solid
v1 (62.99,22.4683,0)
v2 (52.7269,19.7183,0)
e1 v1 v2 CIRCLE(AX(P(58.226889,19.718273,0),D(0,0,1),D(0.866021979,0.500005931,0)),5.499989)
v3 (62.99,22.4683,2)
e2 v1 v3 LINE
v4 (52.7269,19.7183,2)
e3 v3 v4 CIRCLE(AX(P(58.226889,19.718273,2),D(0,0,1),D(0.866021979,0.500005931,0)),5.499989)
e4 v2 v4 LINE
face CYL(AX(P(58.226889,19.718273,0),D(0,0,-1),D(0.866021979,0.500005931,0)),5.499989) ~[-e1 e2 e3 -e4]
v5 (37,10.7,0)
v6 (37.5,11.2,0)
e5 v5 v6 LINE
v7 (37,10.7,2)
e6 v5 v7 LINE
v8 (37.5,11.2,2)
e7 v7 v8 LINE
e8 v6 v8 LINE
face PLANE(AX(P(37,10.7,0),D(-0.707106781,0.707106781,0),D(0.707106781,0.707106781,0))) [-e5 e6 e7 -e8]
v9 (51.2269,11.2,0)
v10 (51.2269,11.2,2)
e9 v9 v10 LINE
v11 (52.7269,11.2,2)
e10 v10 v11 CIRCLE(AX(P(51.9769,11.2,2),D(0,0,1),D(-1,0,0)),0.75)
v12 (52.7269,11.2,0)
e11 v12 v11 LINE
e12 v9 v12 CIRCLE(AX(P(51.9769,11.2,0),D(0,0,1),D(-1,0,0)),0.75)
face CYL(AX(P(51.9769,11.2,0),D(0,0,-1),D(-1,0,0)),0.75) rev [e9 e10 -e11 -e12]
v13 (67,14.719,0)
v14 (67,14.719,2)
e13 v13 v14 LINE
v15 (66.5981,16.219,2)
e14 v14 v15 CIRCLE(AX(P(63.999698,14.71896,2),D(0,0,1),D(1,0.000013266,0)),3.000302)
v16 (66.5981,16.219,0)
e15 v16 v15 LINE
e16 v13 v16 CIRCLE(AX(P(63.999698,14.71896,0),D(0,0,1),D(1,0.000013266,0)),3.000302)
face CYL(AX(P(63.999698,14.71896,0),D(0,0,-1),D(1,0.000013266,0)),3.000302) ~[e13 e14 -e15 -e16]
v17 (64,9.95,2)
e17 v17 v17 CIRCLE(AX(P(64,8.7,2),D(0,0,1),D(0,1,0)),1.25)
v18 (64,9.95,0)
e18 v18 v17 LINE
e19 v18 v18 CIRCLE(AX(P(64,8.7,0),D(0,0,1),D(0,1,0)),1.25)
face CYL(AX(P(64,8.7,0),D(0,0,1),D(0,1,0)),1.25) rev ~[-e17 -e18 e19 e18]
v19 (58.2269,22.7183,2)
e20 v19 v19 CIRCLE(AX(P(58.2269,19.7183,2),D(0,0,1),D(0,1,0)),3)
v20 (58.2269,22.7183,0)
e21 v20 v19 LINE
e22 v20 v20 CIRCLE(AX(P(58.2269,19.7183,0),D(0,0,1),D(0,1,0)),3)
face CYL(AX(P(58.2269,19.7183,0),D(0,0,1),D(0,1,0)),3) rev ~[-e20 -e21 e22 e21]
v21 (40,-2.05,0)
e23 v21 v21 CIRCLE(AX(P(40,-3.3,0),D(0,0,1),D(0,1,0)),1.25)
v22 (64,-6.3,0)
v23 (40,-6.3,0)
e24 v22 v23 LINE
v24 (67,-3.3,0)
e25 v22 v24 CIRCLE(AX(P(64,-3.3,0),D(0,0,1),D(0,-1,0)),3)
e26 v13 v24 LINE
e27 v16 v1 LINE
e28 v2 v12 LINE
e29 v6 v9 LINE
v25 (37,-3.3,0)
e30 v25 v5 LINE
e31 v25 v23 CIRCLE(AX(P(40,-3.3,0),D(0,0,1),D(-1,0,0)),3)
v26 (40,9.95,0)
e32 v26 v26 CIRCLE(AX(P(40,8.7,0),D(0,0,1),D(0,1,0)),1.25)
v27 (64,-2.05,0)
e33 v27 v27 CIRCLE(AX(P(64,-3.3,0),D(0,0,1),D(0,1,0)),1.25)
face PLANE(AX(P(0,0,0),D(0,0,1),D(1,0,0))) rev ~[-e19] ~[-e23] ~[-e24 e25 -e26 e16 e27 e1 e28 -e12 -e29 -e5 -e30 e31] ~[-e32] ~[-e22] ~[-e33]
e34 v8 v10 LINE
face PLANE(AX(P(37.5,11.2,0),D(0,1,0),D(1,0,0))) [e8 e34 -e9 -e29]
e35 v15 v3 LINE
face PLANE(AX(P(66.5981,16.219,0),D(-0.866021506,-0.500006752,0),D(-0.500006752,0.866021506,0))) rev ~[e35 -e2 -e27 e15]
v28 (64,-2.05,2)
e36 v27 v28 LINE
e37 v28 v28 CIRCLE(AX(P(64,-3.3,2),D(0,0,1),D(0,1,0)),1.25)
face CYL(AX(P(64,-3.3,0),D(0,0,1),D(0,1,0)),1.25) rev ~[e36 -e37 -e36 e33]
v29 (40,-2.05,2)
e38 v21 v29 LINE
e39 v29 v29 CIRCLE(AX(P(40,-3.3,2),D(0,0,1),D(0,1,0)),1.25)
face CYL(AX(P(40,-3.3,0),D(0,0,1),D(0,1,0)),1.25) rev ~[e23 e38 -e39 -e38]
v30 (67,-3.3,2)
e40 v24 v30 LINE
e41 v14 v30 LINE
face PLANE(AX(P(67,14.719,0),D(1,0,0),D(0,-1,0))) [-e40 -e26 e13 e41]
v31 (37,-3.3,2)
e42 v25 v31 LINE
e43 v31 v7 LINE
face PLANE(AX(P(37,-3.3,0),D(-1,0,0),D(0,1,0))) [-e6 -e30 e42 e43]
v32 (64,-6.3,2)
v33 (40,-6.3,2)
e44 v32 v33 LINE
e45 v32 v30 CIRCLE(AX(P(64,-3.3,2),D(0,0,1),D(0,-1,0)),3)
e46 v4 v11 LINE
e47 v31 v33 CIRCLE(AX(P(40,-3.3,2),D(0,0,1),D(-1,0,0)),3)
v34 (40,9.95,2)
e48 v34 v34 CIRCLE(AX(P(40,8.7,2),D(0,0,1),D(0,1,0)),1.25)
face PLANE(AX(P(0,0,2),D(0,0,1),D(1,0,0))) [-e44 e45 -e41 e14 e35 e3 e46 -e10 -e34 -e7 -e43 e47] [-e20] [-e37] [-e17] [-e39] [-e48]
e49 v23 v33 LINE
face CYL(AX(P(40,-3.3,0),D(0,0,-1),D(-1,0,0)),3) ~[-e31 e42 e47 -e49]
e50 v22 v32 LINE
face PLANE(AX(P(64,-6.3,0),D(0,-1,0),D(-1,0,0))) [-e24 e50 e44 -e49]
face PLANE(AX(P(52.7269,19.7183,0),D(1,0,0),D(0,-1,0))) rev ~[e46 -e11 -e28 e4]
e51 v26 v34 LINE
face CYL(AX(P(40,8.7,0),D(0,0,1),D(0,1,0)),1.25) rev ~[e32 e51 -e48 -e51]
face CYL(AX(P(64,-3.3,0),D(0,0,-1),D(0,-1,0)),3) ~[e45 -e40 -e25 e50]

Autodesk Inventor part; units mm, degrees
ref_plane "YZ Plane" through (0, 0, 0) normal (1, 0, 0) x (0, 1, 0)
ref_plane "XZ Plane" through (0, 0, 0) normal (0, 1, 0) x (-1, 0, 0)
ref_plane "XY Plane" through (0, 0, 0) normal (0, 0, 1) x (1, 0, 0)
sketch "スケッチ1" plane through (0, 0, 0) normal (0, 0, 1) x (1, 0, 0)
  line L0 (54.882, 0) -> (12, 60) construction
  line L1 (54.882, 0) -> (70, -21.1529)
  line L2 (70, -21.1529) -> (35, -33.1249)
  line L3 (0, 0) -> (0, 100.7114)
  line L4 (0, 0) -> (54.882, 0) construction
  arc A0 (24.927, 26.5822) -> (24.2651, 18.1082) centre (58.2269, 19.7183) ccw construction
  arc A1 (17.0917, 28.1972) -> (16.274, 17.7294) centre (58.2269, 19.7183) ccw construction
  arc A2 (16.274, 17.7294) -> (24.2651, 18.1082) centre (20.2695, 17.9188) ccw construction
  line L5 (20.2695, 17.9188) -> (58.2269, 19.7183) construction
  line L6 (58.2269, 19.7183) -> (20.6135, 25.1248)
  arc A3 (20.6135, 25.1248) -> (20.2695, 17.9188) centre (58.2269, 19.7183) ccw construction
  line L7 (20.2695, 17.9188) -> (68.8874, -17.2423) construction
  line L8 (68.8874, -17.2423) -> (71.9395, 19.6224) construction
  line L9 (20.6135, 25.1248) -> (35, -33.1249)
  line L10 (20.6135, 25.1248) -> (12, 60) construction
  line L11 (20.6135, 25.1248) -> (54.882, 0) construction
  arc A4 (57.1481, -25.9011) -> (71.9395, 19.6224) centre (54.882, 0) ccw
  line L12 (35, -33.1249) -> (70, -33.1249) construction
  line L13 (70, -33.1249) -> (70, -21.1529) construction
  line L14 (27.4112, -33.1249) -> (45, -293.1249) construction
  line L15 (54.882, 0) -> (53.4072, -2.6124)
  line L16 (54.882, 0) -> (52.2839, -1.5) construction
  arc A5 (52.2839, -1.5) -> (57.7658, -0.8269) centre (54.882, 0) ccw construction
  line L17 (54.882, 0) -> (52.8265, -2.1851) construction
  line L18 (54.882, 0) -> (53.5434, -2.6848) construction
  line L19 (54.882, 0) -> (54.374, -2.9567) construction
  line L20 (54.882, 0) -> (55.2476, -2.9776) construction
  line L21 (54.882, 0) -> (56.0902, -2.7459) construction
  line L22 (54.882, 0) -> (56.8303, -2.2812) construction
  line L23 (54.882, 0) -> (57.4051, -1.6229) construction
  line L24 (54.882, 0) -> (57.7658, -0.8269) construction
  line L25 (58.2269, 19.7183) -> (53.4072, -2.6124)
  line L26 (52.2839, -1.5) -> (58.2269, 19.7183) construction
  line L27 (58.2269, 19.7183) -> (57.7658, -0.8269) construction
  line L28 (55.5792, -7.9696) -> (57.1481, -25.9011) construction
  line L29 (57.8465, -7.4305) -> (64.5165, -24.149) construction
  line L30 (59.8621, -6.2609) -> (71.0674, -20.3478) construction
  line L31 (61.4552, -4.56) -> (76.2448, -14.8199) construction
  line L32 (62.4905, -2.4721) -> (79.6095, -8.0344) construction
  line L33 (62.8801, -0.1745) -> (80.8758, -0.5672) construction
  line L34 (62.591, 2.1379) -> (79.9364, 6.9482) construction
  line L35 (61.6478, 4.2689) -> (76.8709, 13.874) construction
  line L36 (60.1305, 6.0377) -> (71.9395, 19.6224) construction
  arc A6 (55.5792, -7.9696) -> (60.1305, 6.0377) centre (54.882, 0) ccw construction
  line L37 (21.0093, 27.3897) -> (58.2269, 19.7183) construction
  arc A7 (21.0093, 27.3897) -> (20.6135, 25.1248) centre (58.2269, 19.7183) ccw construction
  arc A8 (24.927, 26.5822) -> (17.0917, 28.1972) centre (21.0093, 27.3897) ccw construction
  line L38 (52.8265, -2.1851) -> (58.2269, 19.7183) construction
  line L39 (58.2269, 19.7183) -> (20.7871, 26.2192) construction
  line L40 (20.5792, 24.8807) -> (58.2269, 19.7183) construction
  line L41 (53.5434, -2.6848) -> (58.2269, 19.7183) construction
  line L42 (21.0093, 27.3897) -> (20.7706, -32.6098) construction
  line L43 (20.7706, -32.6098) -> (57.1481, -25.9011) construction
  line L44 (20.7871, 26.2192) -> (28.6655, -33.2613) construction
  line L45 (28.6655, -33.2613) -> (64.5165, -24.149) construction
  line L46 (35, -33.1249) -> (45, -293.1249)
  line L47 (70, -21.1529) -> (45, -293.1249)
  line L48 (28.6655, -33.2613) -> (17.6783, -293.2214) construction
  line L49 (17.6783, -293.2214) -> (64.5165, -24.149) construction
  line L50 (57.1481, -25.9011) -> (-7.4742, -291.2645) construction
  line L51 (-7.4742, -291.2645) -> (20.7706, -32.6098) construction
  line L52 (58.2269, 19.7183) -> (20.4111, 23.4553) construction
  line L53 (58.2269, 19.7183) -> (20.2969, 22.0239) construction
  line L54 (58.2269, 19.7183) -> (20.2388, 20.6688) construction
  line L55 (58.2269, 19.7183) -> (20.2277, 19.4745) construction
  line L56 (58.2269, 19.7183) -> (20.2456, 18.5281) construction
  line L57 (58.2269, 19.7183) -> (54.374, -2.9567) construction
  line L58 (58.2269, 19.7183) -> (55.2476, -2.9776) construction
  line L59 (58.2269, 19.7183) -> (56.0902, -2.7459) construction
  line L60 (58.2269, 19.7183) -> (56.8303, -2.2812) construction
  line L61 (58.2269, 19.7183) -> (57.4051, -1.6229) construction
  line L62 (20.5792, 24.8807) -> (36.3145, -33.0192) construction
  line L63 (36.3145, -33.0192) -> (71.0674, -20.3478) construction
  line L64 (76.2448, -14.8199) -> (43.4556, -31.9429) construction
  line L65 (43.4556, -31.9429) -> (20.4111, 23.4553) construction
  line L66 (20.2969, 22.0239) -> (49.9482, -30.1374) construction
  line L67 (49.9482, -30.1374) -> (79.6095, -8.0344) construction
  line L68 (80.8758, -0.5672) -> (55.7371, -27.7034) construction
  line L69 (55.7371, -27.7034) -> (20.2388, 20.6688) construction
  line L70 (20.2277, 19.4745) -> (60.8132, -24.7162) construction
  line L71 (60.8132, -24.7162) -> (79.9364, 6.9482) construction
  line L72 (76.8709, 13.874) -> (65.1878, -21.2235) construction
  line L73 (65.1878, -21.2235) -> (20.2456, 18.5281) construction
  line L74 (36.3145, -33.0192) -> (51.5259, -292.7664) construction
  line L75 (71.9395, 19.6224) -> (311.1178, -112.2394) construction
  line L76 (311.1178, -112.2394) -> (68.8874, -17.2423) construction
  line L77 (76.8709, 13.874) -> (278.0839, -170.8071) construction
  line L78 (278.0839, -170.8071) -> (65.1878, -21.2235) construction
  line L79 (60.8132, -24.7162) -> (235.5555, -217.4988) construction
  line L80 (235.5555, -217.4988) -> (79.9364, 6.9482) construction
  line L81 (80.8758, -0.5672) -> (187.8232, -251.8758) construction
  line L82 (187.8232, -251.8758) -> (55.7371, -27.7034) construction
  line L83 (49.9482, -30.1374) -> (138.9893, -274.6199) construction
  line L84 (138.9893, -274.6199) -> (79.6095, -8.0344) construction
  line L85 (76.2448, -14.8199) -> (92.626, -287.4468) construction
  line L86 (92.626, -287.4468) -> (43.4556, -31.9429) construction
  line L87 (51.5259, -292.7664) -> (71.0674, -20.3478) construction
  spline S0 degree 4 poles (-7.4742, -291.2645) (-12.2705, -294.3182) (60.154, -292.0463) (27.8526, -295.3281) (110.0905, -286.5066) (139.1565, -274.7713) (216.3886, -242.7571) (259.5293, -197.6399) (297.4502, -150.2821) (311.1178, -112.2394) knots 0 0 0 0 0 0.20634 0.298589 0.40005 0.523805 0.654143 1 1 1 1 1 construction
  spline S1 degree 4 poles (20.7706, -32.6098) (25.5837, -33.2782) (32.3307, -33.6056) (40.6453, -32.8812) (49.7904, -30.3738) (57.6947, -27.0887) (63.1804, -23.3839) (66.7313, -19.9462) (68.8874, -17.2423) knots 0 0 0 0 0 0.335801 0.464563 0.589185 0.709887 1 1 1 1 1
  circle A9 centre (58.2269, 19.7183) radius 4 construction
  line L88 (0, 0) -> (0, -360.4465)
  point P0 (54.882, 0)
  point P1 (54.882, 0)
  point P2 (54.882, 0)
  point P3 (54.882, 0)
  point P4 (54.882, 0)
  point P5 (54.882, 0)
  point P6 (54.882, 0)
  point P7 (54.882, 0)
  dimension "d5" = 60
  dimension "d66" = 26
  dimension "d67" = 35
  dimension "d74" = 65
  dimension "d76" = 3
  dimension "d80" = 134
  dimension "d82" = 20
  dimension "d85" = 134
  dimension "d87" = 65
  dimension "d88" = 60
  dimension "d89" = 86
  dimension "d90" = 86
  dimension "d91" = 86
  dimension "d92" = 4
  dimension "d93" = 86
  dimension "d94" = 86
  dimension "d95" = 95
  dimension "d96" = 86
  dimension "d97" = 86
  dimension "d98" = 86
  dimension "d99" = 86
  dimension "d100" = 86
  dimension "d101" = 8
  dimension "d102" = 12
  dimension "d104" = 74.818
  dimension "d105" = 8
  dimension "d106" = 75.286
  dimension "d111" = 11.972
  dimension "d113" = 70
  dimension "d114" = 38
  dimension "d116" = 90
  dimension "d117" = 260
sketch "スケッチ2" plane through (0, 0, 0) normal (0, 0, 1) x (1, 0, 0)
  arc A0 (62.99, 22.4683) -> (52.7269, 19.7183) centre (58.2269, 19.7183) ccw
  line L0 (40, 8.7) -> (64, 8.7) construction
  line L1 (64, 8.7) -> (64, -3.3) construction
  line L2 (64, -3.3) -> (40, -3.3) construction
  line L3 (40, -3.3) -> (40, 8.7) construction
  line L4 (36, 10.1673) -> (36, -48.9437) construction
  line L5 (67, 14.719) -> (67, -3.3)
  line L6 (64, -6.3) -> (40, -6.3)
  line L7 (37, -3.3) -> (37, 10.7)
  arc A1 (37, -3.3) -> (40, -6.3) centre (40, -3.3) ccw
  arc A2 (64, -6.3) -> (67, -3.3) centre (64, -3.3) ccw
  line L8 (0, 0) -> (0, -59.5537) construction
  line L9 (10.6628, 2.7) -> (66.9205, 2.7) construction
  line L10 (66.5981, 16.219) -> (62.99, 22.4683)
  arc A3 (67, 14.719) -> (66.5981, 16.219) centre (64, 14.719) ccw
  line L11 (37.5, 11.2) -> (51.2269, 11.2)
  line L12 (52.7269, 19.7183) -> (52.7269, 11.2)
  arc A4 (51.2269, 11.2) -> (52.7269, 11.2) centre (51.9769, 11.2) ccw
  line L13 (37, 10.7) -> (37.5, 11.2)
  point P0 (67, 15.5229)
  point P1 (36.9922, 11.2)
  point P2 (37, 11.2)
  dimension "d16" = 24
  dimension "d17" = 4
  dimension "d18" = 12
  dimension "d20" = 72
  dimension "d23" = 5.5
  dimension "d108" = 3
  dimension "d109" = 30
  dimension "d118" = 2.7
  dimension "d119" = 3
  dimension "d120" = 0.75
  dimension "d121" = 0.5
  dimension "d122" = 0.5
  dimension "d124" = 8.5
extrude "押し出し1" add sketch "スケッチ2" along normal blind 2
hole "穴1" at (58.2269, 19.7183, 0) direction (0, 0, 1) diameter 6 end through all
hole "穴2" at (64, 8.7, 0) at (40, 8.7, 0) at (40, -3.3, 0) at (64, -3.3, 0) direction (0, 0, 1) diameter 2.5 end through all
equation "\"input_link_length\" = 26"
equation "\"input_link_formed_angle\" = 65deg"
equation "\"support_formed_angle\" = 86deg"
equation "\"input_slider_radius\" = 3"
equation "\"driver_rotation_range\" = 134deg"
equation "\"virtual_mass_point_x\" = 12"
equation "\"driver_min_angle\" = 95deg"
equation "\"coupler_x\" = 35"
equation "\"support_link_length\" = 38"
properties part number "COXA_YAW_SERVO_BASE"
